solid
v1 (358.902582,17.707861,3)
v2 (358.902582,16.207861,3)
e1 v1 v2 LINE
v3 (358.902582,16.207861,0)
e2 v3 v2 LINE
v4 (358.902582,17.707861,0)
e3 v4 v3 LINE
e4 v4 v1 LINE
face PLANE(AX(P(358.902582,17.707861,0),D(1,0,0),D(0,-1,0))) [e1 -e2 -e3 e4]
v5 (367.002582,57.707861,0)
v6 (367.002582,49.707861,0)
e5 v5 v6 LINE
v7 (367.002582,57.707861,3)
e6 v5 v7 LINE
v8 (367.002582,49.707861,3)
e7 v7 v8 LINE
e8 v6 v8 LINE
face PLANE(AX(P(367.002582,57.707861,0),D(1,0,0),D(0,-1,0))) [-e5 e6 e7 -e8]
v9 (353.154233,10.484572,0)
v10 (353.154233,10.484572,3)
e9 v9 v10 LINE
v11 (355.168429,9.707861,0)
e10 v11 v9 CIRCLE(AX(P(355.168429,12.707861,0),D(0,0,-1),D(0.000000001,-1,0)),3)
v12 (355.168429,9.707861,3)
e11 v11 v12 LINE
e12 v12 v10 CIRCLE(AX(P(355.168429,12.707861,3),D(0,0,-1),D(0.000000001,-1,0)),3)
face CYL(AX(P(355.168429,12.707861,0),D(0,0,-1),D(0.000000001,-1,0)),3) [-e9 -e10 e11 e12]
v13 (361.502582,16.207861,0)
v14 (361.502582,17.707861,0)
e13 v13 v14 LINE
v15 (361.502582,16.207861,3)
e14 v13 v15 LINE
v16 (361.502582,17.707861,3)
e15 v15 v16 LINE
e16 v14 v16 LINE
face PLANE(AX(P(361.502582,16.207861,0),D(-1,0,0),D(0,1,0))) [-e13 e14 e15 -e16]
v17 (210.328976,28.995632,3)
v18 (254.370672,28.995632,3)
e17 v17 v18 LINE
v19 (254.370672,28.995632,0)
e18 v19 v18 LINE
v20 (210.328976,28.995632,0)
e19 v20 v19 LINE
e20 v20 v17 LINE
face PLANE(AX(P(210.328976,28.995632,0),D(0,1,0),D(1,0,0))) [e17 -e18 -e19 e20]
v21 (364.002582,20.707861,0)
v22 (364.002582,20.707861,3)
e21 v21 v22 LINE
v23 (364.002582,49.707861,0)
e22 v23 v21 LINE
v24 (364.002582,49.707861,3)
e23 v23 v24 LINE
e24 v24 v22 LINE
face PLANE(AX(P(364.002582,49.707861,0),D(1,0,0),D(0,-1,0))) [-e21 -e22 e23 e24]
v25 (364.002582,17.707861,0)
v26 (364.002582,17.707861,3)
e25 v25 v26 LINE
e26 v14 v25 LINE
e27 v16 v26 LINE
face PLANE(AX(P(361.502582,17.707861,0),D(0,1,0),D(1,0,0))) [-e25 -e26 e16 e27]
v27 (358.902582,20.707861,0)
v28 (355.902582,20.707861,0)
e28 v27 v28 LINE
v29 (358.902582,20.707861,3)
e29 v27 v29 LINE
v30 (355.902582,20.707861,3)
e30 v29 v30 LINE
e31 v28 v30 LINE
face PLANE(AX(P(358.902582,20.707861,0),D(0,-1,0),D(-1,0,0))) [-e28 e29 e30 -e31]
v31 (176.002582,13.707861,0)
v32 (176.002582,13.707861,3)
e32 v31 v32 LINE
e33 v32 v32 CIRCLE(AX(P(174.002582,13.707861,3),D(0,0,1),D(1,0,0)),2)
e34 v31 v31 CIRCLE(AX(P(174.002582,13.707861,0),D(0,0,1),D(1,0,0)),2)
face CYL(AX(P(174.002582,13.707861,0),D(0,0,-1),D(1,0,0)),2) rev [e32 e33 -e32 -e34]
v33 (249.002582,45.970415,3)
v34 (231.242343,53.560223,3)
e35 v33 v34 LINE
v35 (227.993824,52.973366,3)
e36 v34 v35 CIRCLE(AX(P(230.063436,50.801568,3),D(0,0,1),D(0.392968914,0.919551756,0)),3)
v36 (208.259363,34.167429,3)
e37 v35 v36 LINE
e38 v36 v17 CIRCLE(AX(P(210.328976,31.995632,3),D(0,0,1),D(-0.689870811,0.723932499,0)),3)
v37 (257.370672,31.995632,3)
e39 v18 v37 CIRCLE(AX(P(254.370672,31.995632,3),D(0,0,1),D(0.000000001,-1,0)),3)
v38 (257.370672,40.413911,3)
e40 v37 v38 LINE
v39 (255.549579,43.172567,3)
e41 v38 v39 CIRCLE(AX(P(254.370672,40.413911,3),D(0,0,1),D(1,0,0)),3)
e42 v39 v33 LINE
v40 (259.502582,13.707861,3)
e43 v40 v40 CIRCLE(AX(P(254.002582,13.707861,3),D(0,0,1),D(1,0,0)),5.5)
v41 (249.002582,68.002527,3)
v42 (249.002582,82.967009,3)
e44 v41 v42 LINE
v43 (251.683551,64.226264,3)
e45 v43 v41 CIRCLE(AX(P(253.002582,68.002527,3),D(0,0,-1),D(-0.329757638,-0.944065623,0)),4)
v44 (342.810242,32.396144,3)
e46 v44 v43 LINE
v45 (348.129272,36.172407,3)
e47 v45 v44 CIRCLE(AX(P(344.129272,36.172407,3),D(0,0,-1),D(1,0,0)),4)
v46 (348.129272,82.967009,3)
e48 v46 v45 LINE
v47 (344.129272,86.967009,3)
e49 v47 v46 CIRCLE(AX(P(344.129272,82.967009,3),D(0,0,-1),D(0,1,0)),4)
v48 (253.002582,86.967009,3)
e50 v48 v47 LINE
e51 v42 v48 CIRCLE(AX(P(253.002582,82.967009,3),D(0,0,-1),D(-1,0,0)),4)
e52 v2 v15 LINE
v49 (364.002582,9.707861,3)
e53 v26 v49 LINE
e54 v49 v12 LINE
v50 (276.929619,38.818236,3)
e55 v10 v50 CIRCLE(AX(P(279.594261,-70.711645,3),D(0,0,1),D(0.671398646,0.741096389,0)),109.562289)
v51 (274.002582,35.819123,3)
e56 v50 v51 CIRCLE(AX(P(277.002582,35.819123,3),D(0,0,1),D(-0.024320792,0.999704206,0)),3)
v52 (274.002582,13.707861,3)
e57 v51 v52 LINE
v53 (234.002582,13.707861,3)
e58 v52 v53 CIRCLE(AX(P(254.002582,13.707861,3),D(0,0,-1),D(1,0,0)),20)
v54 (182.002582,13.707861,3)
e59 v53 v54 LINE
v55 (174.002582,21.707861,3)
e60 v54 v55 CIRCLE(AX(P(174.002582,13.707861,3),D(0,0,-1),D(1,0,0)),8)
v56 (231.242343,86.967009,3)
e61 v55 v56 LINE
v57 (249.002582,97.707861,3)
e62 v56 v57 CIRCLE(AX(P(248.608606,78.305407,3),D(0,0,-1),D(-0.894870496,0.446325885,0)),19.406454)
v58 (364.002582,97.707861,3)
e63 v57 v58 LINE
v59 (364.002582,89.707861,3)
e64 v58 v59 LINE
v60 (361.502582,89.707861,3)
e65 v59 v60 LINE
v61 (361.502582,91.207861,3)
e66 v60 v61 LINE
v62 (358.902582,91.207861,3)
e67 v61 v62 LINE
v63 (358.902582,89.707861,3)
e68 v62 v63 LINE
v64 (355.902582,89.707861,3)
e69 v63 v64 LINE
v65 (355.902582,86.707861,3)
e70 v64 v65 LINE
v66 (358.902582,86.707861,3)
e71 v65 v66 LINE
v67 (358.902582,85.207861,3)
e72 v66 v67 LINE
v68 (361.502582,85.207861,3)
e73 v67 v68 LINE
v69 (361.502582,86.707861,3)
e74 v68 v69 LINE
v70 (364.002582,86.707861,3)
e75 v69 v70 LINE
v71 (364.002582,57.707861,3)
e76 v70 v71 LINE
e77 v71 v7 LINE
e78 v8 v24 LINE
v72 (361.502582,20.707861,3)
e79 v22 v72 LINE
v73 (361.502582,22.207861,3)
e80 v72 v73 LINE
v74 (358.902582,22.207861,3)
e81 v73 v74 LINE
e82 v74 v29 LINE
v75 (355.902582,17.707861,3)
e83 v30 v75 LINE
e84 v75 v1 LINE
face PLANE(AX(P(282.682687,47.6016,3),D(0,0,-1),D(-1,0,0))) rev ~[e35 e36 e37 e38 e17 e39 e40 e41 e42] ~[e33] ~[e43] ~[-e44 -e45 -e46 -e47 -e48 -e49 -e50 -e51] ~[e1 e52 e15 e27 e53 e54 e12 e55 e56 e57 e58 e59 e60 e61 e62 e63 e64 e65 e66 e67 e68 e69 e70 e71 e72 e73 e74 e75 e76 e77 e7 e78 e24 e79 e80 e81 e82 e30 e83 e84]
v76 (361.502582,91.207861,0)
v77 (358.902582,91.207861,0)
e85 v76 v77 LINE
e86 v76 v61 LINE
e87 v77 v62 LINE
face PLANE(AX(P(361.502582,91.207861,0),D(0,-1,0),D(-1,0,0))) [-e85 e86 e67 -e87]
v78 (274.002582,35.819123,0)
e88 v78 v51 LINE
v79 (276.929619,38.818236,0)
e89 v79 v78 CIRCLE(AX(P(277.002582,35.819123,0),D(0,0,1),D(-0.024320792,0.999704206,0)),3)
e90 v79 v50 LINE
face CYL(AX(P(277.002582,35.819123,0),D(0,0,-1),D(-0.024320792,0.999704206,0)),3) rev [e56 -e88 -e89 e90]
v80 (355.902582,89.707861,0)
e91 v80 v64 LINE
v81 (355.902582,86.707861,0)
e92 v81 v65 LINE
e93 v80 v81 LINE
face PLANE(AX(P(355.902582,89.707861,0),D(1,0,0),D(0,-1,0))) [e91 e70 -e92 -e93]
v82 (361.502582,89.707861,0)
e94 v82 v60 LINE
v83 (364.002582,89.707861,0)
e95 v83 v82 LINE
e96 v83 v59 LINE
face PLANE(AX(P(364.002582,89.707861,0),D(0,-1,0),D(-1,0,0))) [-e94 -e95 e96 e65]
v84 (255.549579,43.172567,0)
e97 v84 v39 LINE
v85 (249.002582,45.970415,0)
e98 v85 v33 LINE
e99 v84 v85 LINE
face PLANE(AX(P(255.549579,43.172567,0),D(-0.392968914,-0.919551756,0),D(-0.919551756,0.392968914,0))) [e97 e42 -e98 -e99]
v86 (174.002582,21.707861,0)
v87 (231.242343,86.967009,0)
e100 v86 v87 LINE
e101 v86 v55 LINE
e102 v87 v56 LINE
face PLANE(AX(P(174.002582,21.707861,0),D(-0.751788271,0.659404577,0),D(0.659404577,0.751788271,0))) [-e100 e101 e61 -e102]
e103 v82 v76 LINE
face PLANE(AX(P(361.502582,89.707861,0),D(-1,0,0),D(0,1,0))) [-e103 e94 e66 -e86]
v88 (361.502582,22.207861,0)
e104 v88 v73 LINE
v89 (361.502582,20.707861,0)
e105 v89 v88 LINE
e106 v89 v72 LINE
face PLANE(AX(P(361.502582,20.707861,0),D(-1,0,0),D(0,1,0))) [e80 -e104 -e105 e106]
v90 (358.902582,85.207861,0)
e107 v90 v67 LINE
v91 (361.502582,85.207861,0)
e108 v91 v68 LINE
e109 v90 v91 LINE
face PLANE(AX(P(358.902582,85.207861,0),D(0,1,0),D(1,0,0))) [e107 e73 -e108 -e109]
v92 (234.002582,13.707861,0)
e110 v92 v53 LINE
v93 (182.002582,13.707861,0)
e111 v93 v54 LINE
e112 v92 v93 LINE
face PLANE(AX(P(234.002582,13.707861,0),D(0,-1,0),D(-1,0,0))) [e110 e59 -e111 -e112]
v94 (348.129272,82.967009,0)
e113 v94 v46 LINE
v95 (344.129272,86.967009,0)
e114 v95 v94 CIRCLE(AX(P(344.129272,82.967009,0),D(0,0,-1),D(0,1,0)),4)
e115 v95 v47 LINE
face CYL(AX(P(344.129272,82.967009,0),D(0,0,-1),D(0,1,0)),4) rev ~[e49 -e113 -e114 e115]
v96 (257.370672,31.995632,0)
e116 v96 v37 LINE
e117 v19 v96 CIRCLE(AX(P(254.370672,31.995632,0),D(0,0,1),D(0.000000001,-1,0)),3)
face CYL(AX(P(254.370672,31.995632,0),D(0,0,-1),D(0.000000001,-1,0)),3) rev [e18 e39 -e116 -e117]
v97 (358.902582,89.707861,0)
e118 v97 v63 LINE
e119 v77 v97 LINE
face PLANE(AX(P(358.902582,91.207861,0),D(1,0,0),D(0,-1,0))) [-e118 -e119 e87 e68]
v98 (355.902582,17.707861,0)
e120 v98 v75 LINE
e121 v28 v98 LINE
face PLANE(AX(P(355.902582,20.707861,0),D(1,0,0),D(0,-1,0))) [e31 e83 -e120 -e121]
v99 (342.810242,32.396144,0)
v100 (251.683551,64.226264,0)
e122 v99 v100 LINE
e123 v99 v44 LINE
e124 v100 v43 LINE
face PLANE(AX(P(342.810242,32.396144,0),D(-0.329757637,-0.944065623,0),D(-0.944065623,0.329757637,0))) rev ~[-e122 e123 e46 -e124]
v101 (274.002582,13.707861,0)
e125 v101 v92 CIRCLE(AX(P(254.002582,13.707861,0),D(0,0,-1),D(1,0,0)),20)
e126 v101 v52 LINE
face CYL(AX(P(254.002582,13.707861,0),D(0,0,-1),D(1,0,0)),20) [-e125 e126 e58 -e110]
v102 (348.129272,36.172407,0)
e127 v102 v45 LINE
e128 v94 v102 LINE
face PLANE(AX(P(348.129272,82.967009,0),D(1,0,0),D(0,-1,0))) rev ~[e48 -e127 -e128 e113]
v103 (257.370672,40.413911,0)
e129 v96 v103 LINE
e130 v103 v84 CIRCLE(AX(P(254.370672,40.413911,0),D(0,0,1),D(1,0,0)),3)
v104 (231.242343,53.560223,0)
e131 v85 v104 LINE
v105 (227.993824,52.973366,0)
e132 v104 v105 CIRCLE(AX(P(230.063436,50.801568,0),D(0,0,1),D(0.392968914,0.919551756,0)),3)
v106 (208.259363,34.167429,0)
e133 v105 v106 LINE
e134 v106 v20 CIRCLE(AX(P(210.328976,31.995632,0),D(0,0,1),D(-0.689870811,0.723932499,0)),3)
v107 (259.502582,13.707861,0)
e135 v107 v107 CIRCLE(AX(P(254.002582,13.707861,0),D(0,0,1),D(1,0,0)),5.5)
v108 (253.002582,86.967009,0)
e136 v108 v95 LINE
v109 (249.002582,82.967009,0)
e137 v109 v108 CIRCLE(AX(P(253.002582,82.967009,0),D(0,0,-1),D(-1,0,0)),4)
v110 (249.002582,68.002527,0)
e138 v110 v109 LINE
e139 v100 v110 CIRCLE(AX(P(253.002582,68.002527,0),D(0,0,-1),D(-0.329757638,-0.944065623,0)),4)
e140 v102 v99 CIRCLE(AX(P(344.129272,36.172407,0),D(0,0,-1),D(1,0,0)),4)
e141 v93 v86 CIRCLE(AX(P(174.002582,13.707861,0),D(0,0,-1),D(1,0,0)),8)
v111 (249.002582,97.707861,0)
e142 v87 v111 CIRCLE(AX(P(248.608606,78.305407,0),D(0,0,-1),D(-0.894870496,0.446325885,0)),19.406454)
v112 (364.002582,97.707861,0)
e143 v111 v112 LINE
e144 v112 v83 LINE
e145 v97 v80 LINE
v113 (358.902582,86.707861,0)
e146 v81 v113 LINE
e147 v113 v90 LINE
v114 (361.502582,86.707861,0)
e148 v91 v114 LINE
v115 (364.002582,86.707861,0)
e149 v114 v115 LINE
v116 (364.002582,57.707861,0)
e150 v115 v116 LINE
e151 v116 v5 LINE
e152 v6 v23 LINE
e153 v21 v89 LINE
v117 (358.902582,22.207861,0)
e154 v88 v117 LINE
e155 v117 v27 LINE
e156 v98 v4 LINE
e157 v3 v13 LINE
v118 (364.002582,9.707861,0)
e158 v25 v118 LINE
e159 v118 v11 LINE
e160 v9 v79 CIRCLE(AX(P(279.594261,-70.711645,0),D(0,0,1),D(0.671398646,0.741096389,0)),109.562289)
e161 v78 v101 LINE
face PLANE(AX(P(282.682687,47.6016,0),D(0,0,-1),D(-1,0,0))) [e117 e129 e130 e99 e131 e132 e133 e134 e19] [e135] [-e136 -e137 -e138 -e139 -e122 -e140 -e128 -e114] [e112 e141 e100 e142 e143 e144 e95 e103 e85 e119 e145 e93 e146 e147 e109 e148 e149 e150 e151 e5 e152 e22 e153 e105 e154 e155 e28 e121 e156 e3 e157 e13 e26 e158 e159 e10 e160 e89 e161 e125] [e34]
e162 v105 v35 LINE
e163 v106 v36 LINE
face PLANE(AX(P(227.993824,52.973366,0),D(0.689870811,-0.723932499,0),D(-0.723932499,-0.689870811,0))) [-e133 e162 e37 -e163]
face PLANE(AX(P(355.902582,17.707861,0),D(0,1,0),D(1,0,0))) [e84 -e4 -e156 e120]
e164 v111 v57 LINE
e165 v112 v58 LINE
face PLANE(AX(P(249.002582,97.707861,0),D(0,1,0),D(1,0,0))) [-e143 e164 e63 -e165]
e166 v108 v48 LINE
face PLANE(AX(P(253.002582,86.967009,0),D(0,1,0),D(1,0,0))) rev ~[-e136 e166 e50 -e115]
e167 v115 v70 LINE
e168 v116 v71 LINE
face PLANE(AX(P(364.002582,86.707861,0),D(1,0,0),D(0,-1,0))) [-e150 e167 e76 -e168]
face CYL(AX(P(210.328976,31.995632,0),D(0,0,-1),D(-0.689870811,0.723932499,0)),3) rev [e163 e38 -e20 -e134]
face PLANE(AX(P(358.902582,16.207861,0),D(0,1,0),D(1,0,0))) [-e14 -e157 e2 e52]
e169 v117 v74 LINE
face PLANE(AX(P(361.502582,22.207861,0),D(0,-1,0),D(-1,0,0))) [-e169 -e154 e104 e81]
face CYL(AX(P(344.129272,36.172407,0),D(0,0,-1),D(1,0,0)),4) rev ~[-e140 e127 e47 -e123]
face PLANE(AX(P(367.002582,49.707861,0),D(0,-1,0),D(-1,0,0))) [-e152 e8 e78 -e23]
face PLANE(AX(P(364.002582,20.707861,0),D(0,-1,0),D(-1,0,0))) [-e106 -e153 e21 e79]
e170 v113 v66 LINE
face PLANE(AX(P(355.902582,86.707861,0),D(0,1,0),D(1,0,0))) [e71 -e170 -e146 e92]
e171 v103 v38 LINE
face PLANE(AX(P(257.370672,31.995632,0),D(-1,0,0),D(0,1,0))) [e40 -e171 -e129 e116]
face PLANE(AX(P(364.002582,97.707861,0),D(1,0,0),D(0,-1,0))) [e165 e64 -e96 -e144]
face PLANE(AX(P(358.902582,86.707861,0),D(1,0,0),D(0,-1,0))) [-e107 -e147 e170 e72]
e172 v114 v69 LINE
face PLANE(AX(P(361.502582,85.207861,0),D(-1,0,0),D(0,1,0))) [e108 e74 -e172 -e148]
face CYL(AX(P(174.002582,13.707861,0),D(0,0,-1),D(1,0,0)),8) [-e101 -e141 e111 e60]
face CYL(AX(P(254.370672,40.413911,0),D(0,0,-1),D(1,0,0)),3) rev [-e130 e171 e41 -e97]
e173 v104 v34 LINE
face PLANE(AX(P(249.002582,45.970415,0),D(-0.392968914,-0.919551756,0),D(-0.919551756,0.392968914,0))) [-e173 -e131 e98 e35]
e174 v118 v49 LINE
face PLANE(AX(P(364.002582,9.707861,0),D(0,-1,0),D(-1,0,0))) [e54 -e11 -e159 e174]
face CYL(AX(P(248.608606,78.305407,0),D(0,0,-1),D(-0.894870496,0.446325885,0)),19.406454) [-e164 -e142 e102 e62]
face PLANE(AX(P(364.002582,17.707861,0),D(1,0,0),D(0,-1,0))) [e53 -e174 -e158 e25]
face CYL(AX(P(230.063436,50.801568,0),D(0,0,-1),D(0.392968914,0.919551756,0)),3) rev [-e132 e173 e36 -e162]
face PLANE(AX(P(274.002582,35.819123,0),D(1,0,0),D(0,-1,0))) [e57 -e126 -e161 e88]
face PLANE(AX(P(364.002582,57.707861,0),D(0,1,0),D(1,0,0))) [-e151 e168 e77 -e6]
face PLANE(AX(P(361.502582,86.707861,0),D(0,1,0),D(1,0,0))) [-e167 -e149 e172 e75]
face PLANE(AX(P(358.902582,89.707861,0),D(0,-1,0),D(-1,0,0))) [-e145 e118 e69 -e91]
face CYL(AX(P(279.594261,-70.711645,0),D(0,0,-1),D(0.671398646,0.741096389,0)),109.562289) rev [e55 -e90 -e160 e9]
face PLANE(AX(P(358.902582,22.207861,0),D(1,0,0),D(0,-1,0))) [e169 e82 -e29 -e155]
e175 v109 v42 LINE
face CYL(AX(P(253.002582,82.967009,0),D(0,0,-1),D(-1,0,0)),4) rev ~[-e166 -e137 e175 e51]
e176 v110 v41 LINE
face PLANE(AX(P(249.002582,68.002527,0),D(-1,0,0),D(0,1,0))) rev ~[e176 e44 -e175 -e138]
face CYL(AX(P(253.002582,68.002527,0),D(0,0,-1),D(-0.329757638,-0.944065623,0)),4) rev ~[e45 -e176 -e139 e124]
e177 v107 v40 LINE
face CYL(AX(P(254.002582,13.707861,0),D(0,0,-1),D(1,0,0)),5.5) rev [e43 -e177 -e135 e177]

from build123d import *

# Parameters (mm, degrees)
SKETCH_1_R      = 2
SKETCH_1_R_2    = 5.5
EXTRUDE_1_DEPTH = 3


with BuildPart() as part:
    # 草图1 → 凸台-拉伸1 (new body)
    with BuildSketch(Plane.XY):
        with BuildLine():
            Line((234.002581869, 13.707860978), (182.002581869, 13.707860978))
            ThreePointArc((182.002581869, 13.707860978), (168.34572762, 8.051006728), (174.002581869, 21.707860978))
            Line((174.002581869, 21.707860978), (231.242343182, 86.967009497))
            ThreePointArc((231.242343182, 86.967009497), (238.565892024, 94.911259453), (249.002581869, 97.707860978))
            Line((249.002581869, 97.707860978), (354.002581869, 97.707860978))
            Line((354.002581869, 97.707860978), (364.002581869, 97.707860978))
            Line((364.002581869, 97.707860978), (364.002581869, 89.707860978))
            Line((364.002581869, 89.707860978), (361.502581869, 89.707860978))
            Line((361.502581869, 89.707860978), (361.502581869, 91.207860978))
            Line((361.502581869, 91.207860978), (358.902581869, 91.207860978))
            Line((358.902581869, 91.207860978), (358.902581869, 89.707860978))
            Line((358.902581869, 89.707860978), (355.902581869, 89.707860978))
            Line((355.902581869, 89.707860978), (355.902581869, 86.707860978))
            Line((355.902581869, 86.707860978), (358.902581869, 86.707860978))
            Line((358.902581869, 86.707860978), (358.902581869, 85.207860978))
            Line((358.902581869, 85.207860978), (361.502581869, 85.207860978))
            Line((361.502581869, 85.207860978), (361.502581869, 86.707860978))
            Line((361.502581869, 86.707860978), (364.002581869, 86.707860978))
            Line((364.002581869, 86.707860978), (364.002581869, 57.707860978))
            Line((364.002581869, 57.707860978), (367.002581869, 57.707860978))
            Line((367.002581869, 57.707860978), (367.002581869, 49.707860978))
            Line((367.002581869, 49.707860978), (364.002581869, 49.707860978))
            Line((364.002581869, 49.707860978), (364.002581869, 20.707860978))
            Line((364.002581869, 20.707860978), (361.502581869, 20.707860978))
            Line((361.502581869, 20.707860978), (361.502581869, 22.207860978))
            Line((361.502581869, 22.207860978), (358.902581869, 22.207860978))
            Line((358.902581869, 22.207860978), (358.902581869, 20.707860978))
            Line((358.902581869, 20.707860978), (355.902581869, 20.707860978))
            Line((355.902581869, 20.707860978), (355.902581869, 17.707860978))
            Line((355.902581869, 17.707860978), (358.902581869, 17.707860978))
            Line((358.902581869, 17.707860978), (358.902581869, 16.207860978))
            Line((358.902581869, 16.207860978), (361.502581869, 16.207860978))
            Line((361.502581869, 16.207860978), (361.502581869, 17.707860978))
            Line((361.502581869, 17.707860978), (364.002581869, 17.707860978))
            Line((364.002581869, 17.707860978), (364.002581869, 9.707860978))
            Line((364.002581869, 9.707860978), (355.16842929, 9.707860978))
            ThreePointArc((355.16842929, 9.707860978), (354.089046944, 9.908765811), (353.154233351, 10.484571811))
            ThreePointArc((353.154233351, 10.484571811), (317.768023154, 31.985283132), (276.929619495, 38.818236083))
            ThreePointArc((276.929619495, 38.818236083), (274.855620398, 37.914488932), (274.002581869, 35.819123465))
            Line((274.002581869, 35.819123465), (274.002581869, 13.707860978))
            ThreePointArc((274.002581869, 13.707860978), (254.002581869, -6.292139022), (234.002581869, 13.707860978))
        make_face()
        with Locations((174.002581869, 13.707860978)):
            Circle(SKETCH_1_R, mode=Mode.SUBTRACT)
        with Locations((254.002581869, 13.707860978)):
            Circle(SKETCH_1_R_2, mode=Mode.SUBTRACT)
        with BuildLine():
            Line((253.002581869, 86.967009497), (344.129272471, 86.967009497))
            ThreePointArc((344.129272471, 86.967009497), (346.957699596, 85.795436622), (348.129272471, 82.967009497))
            Line((348.129272471, 82.967009497), (348.129272471, 36.172406577))
            ThreePointArc((348.129272471, 36.172406577), (346.444858552, 32.910802508), (342.810241921, 32.396144085))
            Line((342.810241921, 32.396144085), (251.683551319, 64.226264226))
            ThreePointArc((251.683551319, 64.226264226), (249.740977801, 65.686940637), (249.002581869, 68.002526718))
            Line((249.002581869, 68.002526718), (249.002581869, 82.967009497))
            ThreePointArc((249.002581869, 82.967009497), (250.174154745, 85.795436622), (253.002581869, 86.967009497))
        make_face(mode=Mode.SUBTRACT)
        with BuildLine():
            Line((255.549578652, 43.172566622), (249.002581869, 45.970414811))
            Line((249.002581869, 45.970414811), (231.242343182, 53.560223281))
            ThreePointArc((231.242343182, 53.560223281), (229.530107584, 53.753780798), (227.993824006, 52.973365511))
            Line((227.993824006, 52.973365511), (208.259363433, 34.167429409))
            ThreePointArc((208.259363433, 34.167429409), (207.543711742, 30.881045102), (210.328975867, 28.99563191))
            Line((210.328975867, 28.99563191), (254.37067191, 28.99563191))
            ThreePointArc((254.37067191, 28.99563191), (256.491992253, 29.874311567), (257.37067191, 31.99563191))
            Line((257.37067191, 31.99563191), (257.37067191, 40.413911353))
            ThreePointArc((257.37067191, 40.413911353), (256.87434124, 42.066678695), (255.549578652, 43.172566622))
        make_face(mode=Mode.SUBTRACT)
    extrude(amount=EXTRUDE_1_DEPTH)


solid = part.part
